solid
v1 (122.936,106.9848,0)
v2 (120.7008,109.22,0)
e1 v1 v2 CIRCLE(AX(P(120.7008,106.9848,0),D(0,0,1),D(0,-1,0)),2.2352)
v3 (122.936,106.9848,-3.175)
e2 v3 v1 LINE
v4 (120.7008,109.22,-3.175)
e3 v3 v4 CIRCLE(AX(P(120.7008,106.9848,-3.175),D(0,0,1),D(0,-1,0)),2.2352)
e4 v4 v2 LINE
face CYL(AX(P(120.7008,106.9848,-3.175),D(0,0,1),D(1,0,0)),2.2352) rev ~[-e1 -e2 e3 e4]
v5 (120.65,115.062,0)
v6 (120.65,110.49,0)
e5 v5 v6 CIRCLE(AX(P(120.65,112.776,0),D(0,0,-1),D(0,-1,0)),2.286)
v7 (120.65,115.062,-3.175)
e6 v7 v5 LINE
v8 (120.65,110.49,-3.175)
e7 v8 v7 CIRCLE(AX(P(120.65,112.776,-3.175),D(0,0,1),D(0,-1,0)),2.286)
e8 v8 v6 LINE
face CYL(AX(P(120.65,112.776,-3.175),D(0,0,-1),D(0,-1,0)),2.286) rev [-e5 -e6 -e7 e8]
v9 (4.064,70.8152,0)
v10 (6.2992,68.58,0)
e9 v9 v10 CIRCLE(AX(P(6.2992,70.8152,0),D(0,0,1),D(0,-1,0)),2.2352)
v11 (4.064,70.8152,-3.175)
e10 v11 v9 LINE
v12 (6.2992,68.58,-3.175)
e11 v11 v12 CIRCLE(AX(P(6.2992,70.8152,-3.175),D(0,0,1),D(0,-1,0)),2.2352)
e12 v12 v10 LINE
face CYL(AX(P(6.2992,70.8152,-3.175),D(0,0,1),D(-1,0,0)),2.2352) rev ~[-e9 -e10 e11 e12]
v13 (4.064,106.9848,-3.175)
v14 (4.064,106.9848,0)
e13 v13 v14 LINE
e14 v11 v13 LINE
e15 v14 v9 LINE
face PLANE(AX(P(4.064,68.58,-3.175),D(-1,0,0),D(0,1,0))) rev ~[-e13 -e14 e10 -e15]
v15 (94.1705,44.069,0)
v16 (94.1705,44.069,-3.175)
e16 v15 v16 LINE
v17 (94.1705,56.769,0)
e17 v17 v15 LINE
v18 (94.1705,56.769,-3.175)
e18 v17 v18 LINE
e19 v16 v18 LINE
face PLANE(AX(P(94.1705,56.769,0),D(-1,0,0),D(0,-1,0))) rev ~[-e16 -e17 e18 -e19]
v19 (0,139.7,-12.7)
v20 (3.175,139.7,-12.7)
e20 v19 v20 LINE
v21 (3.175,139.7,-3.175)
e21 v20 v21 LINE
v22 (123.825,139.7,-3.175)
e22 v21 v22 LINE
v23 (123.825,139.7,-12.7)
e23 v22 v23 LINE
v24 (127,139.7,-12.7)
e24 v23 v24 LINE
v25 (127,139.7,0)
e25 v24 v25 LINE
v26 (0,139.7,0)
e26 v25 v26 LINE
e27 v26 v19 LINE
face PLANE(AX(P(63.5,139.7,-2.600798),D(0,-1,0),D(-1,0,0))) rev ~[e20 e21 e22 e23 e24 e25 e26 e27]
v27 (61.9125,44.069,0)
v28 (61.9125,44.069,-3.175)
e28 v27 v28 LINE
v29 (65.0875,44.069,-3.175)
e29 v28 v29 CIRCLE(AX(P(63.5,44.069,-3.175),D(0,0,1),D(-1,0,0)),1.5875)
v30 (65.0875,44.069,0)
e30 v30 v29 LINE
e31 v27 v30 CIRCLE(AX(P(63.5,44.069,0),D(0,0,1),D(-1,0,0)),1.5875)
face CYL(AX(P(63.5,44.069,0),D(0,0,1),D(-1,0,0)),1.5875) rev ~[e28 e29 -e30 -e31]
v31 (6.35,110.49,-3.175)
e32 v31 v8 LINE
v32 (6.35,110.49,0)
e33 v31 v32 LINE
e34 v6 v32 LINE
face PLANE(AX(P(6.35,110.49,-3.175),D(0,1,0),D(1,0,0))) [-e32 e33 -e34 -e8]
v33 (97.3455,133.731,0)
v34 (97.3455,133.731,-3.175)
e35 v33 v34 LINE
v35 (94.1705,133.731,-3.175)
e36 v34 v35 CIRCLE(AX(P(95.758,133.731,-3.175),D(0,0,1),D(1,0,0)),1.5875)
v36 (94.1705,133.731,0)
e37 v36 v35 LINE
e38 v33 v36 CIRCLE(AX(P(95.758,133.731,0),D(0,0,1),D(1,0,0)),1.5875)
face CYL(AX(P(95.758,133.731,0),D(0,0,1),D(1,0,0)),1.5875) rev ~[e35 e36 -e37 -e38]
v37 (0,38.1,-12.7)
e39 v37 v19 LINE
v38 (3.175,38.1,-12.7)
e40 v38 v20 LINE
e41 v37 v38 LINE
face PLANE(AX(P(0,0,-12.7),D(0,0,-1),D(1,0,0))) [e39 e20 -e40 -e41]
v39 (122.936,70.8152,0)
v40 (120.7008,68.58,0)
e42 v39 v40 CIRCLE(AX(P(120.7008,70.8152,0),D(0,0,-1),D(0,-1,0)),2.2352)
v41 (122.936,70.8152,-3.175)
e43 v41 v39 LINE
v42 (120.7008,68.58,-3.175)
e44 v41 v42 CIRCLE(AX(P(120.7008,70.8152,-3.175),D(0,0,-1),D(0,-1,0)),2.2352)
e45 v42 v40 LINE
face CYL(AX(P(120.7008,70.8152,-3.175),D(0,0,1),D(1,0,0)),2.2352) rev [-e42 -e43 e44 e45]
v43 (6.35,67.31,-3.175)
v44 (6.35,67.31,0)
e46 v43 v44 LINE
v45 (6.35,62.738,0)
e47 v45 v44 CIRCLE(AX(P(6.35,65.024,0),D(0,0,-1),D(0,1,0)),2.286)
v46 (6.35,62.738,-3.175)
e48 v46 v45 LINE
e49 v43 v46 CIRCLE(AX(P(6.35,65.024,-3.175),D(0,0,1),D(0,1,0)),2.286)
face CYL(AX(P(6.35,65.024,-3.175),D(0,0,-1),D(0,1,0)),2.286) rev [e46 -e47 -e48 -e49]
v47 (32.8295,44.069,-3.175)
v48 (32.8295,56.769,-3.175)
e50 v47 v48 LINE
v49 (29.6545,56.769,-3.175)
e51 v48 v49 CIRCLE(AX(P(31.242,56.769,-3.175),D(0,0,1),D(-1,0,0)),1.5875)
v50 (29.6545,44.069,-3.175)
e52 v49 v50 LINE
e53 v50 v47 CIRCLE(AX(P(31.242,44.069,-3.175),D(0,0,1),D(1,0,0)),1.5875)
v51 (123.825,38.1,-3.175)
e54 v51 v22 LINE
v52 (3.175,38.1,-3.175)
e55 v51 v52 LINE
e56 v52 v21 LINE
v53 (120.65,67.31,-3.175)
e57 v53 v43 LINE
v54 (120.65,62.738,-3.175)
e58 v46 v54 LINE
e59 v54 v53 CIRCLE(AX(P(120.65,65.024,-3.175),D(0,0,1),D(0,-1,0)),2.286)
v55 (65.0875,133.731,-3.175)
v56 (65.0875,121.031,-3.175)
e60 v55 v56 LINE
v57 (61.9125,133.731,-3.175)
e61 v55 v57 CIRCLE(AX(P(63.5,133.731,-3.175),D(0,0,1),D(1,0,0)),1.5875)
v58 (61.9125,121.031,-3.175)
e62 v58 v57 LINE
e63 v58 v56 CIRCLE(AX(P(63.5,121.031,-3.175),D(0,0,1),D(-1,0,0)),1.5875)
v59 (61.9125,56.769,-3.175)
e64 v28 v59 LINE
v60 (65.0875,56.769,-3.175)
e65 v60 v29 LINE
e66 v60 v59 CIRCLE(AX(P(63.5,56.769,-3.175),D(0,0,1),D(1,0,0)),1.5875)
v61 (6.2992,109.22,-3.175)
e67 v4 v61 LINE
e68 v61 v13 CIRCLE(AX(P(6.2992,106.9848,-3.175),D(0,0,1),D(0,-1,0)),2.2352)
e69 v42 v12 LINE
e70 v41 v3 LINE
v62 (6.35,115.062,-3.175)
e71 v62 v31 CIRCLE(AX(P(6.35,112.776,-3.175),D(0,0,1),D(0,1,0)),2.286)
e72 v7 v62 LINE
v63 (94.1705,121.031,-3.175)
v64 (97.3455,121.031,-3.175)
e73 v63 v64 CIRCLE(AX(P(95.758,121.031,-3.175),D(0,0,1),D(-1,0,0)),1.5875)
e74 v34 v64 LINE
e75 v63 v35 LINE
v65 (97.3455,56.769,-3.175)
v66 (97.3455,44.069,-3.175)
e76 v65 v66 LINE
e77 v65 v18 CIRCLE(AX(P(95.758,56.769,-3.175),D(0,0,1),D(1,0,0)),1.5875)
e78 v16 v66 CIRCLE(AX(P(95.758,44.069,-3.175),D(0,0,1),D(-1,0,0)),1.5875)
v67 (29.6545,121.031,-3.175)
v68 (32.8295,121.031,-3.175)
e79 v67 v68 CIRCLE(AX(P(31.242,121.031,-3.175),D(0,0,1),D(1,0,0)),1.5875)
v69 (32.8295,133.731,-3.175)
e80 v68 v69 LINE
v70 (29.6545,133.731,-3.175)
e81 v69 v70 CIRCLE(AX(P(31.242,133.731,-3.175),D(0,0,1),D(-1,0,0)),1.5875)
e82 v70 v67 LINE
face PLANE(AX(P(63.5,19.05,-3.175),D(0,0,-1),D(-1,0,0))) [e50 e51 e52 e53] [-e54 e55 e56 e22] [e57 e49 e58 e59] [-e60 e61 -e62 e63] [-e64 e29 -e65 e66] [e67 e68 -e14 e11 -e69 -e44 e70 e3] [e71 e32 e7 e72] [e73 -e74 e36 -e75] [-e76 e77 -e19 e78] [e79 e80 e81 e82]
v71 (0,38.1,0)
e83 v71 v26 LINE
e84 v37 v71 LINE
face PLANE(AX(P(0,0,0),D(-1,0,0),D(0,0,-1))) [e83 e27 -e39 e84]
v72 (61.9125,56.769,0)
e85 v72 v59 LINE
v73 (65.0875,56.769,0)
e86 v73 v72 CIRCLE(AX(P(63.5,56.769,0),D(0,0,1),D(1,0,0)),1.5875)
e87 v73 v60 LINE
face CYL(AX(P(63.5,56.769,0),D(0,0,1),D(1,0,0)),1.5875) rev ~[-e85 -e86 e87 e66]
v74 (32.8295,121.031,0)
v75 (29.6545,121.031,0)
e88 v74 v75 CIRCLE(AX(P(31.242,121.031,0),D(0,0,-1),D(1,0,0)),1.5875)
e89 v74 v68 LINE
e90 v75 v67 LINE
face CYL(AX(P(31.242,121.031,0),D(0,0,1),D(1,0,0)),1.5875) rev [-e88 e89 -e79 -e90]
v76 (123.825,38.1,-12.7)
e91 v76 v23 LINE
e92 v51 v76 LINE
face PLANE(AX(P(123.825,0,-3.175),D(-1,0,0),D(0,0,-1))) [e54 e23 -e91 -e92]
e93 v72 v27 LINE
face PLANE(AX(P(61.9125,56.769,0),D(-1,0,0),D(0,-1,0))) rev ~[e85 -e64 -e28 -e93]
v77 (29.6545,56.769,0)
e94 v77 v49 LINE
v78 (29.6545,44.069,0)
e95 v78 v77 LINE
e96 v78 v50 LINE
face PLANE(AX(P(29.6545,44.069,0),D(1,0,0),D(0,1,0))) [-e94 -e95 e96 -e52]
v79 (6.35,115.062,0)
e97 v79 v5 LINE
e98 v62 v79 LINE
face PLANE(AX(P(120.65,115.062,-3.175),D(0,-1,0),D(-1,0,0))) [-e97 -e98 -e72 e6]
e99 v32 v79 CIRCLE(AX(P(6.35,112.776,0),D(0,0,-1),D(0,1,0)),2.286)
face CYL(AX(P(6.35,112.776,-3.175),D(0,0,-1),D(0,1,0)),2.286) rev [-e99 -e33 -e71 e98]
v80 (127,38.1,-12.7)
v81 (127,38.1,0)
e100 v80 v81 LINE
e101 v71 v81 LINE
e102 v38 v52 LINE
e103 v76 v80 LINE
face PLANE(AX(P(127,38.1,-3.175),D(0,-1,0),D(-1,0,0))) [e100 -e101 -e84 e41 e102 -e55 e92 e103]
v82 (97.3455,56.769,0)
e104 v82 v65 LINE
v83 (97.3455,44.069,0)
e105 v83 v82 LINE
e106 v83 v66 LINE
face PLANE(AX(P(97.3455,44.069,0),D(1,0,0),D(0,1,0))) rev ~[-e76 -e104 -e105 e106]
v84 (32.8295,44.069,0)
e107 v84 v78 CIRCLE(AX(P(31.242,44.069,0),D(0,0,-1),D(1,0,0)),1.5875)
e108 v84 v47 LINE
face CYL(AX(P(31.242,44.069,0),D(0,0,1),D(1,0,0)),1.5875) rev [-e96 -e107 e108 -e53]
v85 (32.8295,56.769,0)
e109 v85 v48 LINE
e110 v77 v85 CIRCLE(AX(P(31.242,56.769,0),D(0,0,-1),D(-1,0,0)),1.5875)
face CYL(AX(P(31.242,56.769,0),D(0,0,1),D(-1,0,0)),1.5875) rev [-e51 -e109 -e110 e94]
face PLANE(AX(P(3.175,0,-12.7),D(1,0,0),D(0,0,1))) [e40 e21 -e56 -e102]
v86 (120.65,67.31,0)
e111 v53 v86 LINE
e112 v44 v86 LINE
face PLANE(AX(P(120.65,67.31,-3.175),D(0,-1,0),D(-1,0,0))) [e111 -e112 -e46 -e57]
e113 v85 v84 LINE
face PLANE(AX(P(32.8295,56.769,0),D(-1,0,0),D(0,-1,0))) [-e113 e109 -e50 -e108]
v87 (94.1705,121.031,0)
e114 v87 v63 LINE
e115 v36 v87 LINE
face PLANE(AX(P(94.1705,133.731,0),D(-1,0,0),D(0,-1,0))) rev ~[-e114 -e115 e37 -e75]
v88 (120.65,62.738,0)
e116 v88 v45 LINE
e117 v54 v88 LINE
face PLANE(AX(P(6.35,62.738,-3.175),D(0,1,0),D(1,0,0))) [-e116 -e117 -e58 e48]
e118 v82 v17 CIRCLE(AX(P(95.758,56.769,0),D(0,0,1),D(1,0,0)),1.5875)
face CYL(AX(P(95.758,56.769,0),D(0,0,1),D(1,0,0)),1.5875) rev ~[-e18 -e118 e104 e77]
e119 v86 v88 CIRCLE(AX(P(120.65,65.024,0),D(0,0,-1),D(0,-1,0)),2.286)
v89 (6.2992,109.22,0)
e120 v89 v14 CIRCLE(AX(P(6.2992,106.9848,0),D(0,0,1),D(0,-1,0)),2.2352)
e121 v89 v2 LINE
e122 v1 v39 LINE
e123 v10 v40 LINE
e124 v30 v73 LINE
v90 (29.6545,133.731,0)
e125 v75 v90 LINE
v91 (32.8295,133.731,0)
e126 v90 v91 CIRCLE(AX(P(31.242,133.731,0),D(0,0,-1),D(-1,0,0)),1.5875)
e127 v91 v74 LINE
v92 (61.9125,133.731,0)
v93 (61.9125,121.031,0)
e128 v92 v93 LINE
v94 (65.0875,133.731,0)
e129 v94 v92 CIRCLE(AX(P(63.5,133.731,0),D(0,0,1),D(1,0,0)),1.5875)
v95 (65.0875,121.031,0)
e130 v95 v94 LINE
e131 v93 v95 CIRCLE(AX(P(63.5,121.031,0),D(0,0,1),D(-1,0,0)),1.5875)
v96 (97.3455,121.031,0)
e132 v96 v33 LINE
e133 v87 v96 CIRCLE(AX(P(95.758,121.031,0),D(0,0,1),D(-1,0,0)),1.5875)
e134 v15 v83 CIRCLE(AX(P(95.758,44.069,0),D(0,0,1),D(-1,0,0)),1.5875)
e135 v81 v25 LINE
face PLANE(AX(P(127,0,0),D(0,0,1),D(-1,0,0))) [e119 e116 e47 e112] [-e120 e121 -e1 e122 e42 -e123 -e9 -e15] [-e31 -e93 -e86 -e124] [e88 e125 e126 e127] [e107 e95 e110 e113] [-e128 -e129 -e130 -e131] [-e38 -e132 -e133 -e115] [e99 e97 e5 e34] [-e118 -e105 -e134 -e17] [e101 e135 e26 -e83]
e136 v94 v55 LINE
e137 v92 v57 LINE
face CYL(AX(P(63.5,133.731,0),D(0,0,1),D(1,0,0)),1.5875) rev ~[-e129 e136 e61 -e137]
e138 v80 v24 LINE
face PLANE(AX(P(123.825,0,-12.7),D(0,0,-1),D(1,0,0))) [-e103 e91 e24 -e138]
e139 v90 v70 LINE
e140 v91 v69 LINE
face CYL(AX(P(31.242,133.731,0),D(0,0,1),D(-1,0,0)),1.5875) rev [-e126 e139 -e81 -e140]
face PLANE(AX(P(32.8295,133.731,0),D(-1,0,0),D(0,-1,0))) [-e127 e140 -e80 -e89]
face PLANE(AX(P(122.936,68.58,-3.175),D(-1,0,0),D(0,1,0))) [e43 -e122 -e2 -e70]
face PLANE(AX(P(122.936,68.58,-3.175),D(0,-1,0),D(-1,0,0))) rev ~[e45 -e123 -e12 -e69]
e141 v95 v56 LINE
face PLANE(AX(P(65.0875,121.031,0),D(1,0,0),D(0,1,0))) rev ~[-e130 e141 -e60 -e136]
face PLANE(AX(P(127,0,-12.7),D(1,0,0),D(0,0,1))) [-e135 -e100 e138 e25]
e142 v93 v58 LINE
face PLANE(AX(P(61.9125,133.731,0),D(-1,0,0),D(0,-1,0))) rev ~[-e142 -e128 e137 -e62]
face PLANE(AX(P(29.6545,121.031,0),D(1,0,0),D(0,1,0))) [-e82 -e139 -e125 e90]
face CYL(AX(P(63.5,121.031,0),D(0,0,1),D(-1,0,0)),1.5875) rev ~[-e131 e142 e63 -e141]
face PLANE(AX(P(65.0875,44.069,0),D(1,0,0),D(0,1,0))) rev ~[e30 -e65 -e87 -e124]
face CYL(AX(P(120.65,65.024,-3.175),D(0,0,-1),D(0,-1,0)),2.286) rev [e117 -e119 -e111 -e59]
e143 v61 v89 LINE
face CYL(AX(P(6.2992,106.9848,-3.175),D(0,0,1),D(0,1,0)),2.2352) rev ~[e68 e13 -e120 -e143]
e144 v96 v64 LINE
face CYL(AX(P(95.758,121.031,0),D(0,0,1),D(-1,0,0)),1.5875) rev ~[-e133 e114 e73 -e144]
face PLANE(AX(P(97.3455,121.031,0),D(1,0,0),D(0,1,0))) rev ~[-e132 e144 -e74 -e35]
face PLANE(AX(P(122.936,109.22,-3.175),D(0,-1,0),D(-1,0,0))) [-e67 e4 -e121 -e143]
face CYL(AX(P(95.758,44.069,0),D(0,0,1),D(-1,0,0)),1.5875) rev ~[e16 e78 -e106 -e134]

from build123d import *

# Parameters (mm, degrees)
BOSS_EXTRUDE1_DEPTH     = 139.7
SKETCH3_W               = 118.872
SKETCH3_H               = 40.64
SKETCH3_W_2             = 127
SKETCH3_H_2             = 38.1
CUT_EXTRUDE1_DEPTH      = 10.525
CUT_EXTRUDE1_DEPTH_BACK = 4.175
FILLET1_R               = 2.2352
CUT_EXTRUDE2_DEPTH      = 13.7


with BuildPart() as part:
    # Sketch2 → Boss-Extrude1 (new body)
    with BuildSketch(Plane(origin=(0, 0, 0), x_dir=(1, 0, 0), z_dir=(0, 1, 0))):
        Polygon((0, 0), (0, 12.7), (3.175, 12.7), (3.175, 3.175), (123.825, 3.175), (123.825, 12.7), (127, 12.7), (127, 0), align=None)
    extrude(amount=BOSS_EXTRUDE1_DEPTH)

    # Sketch3 → Cut-Extrude1 (cut, two sides)
    with BuildSketch(Plane(origin=(0, 0, -3.175), x_dir=(-1, 0, 0), z_dir=(0, 0, -1))) as cut_extrude1_sk:
        with BuildLine():
            Line((-6.35, 110.49), (-120.65, 110.49))
            ThreePointArc((-120.65, 110.49), (-122.936, 112.776), (-120.65, 115.062))
            Line((-120.65, 115.062), (-6.35, 115.062))
            ThreePointArc((-6.35, 115.062), (-4.064, 112.776), (-6.35, 110.49))
        make_face()
        with BuildLine():
            Line((-6.35, 62.738), (-120.65, 62.738))
            ThreePointArc((-120.65, 62.738), (-122.936, 65.024), (-120.65, 67.31))
            Line((-120.65, 67.31), (-6.35, 67.31))
            ThreePointArc((-6.35, 67.31), (-4.064, 65.024), (-6.35, 62.738))
        make_face()
        with Locations((-63.5, 88.9)):
            Rectangle(SKETCH3_W, SKETCH3_H)
        with Locations((-63.5, 19.05)):
            Rectangle(SKETCH3_W_2, SKETCH3_H_2)
    extrude(amount=CUT_EXTRUDE1_DEPTH, mode=Mode.SUBTRACT)
    extrude(cut_extrude1_sk.sketch, amount=-CUT_EXTRUDE1_DEPTH_BACK, mode=Mode.SUBTRACT)

    # Fillet1
    fillet1_edges = [part.edges().sort_by_distance(p)[0] for p in [
        (4.064, 68.58, -1.5875),
        (122.936, 68.58, -1.5875),
        (122.936, 109.22, -1.5875),
        (4.064, 109.22, -1.5875),
    ]]
    fillet(fillet1_edges, radius=FILLET1_R)

    # Sketch4 → Cut-Extrude2 (cut, through all)
    with BuildSketch(Plane.XY):
        with BuildLine():
            Line((32.8295, 133.731), (32.8295, 121.031))
            ThreePointArc((32.8295, 121.031), (31.242, 119.4435), (29.6545, 121.031))
            Line((29.6545, 121.031), (29.6545, 133.731))
            ThreePointArc((29.6545, 133.731), (31.242, 135.3185), (32.8295, 133.731))
        make_face()
        with BuildLine():
            Line((32.8295, 56.769), (32.8295, 44.069))
            ThreePointArc((32.8295, 44.069), (31.242, 42.4815), (29.6545, 44.069))
            Line((29.6545, 44.069), (29.6545, 56.769))
            ThreePointArc((29.6545, 56.769), (31.242, 58.3565), (32.8295, 56.769))
        make_face()
        with BuildLine():
            Line((61.9125, 133.731), (61.9125, 121.031))
            ThreePointArc((61.9125, 121.031), (63.5, 119.4435), (65.0875, 121.031))
            Line((65.0875, 121.031), (65.0875, 133.731))
            ThreePointArc((65.0875, 133.731), (63.5, 135.3185), (61.9125, 133.731))
        make_face()
        with BuildLine():
            Line((61.9125, 56.769), (61.9125, 44.069))
            ThreePointArc((61.9125, 44.069), (63.5, 42.4815), (65.0875, 44.069))
            Line((65.0875, 44.069), (65.0875, 56.769))
            ThreePointArc((65.0875, 56.769), (63.5, 58.3565), (61.9125, 56.769))
        make_face()
        with BuildLine():
            Line((94.1705, 133.731), (94.1705, 121.031))
            ThreePointArc((94.1705, 121.031), (95.758, 119.4435), (97.3455, 121.031))
            Line((97.3455, 121.031), (97.3455, 133.731))
            ThreePointArc((97.3455, 133.731), (95.758, 135.3185), (94.1705, 133.731))
        make_face()
        with BuildLine():
            Line((94.1705, 56.769), (94.1705, 44.069))
            ThreePointArc((94.1705, 44.069), (95.758, 42.4815), (97.3455, 44.069))
            Line((97.3455, 44.069), (97.3455, 56.769))
            ThreePointArc((97.3455, 56.769), (95.758, 58.3565), (94.1705, 56.769))
        make_face()
    extrude(amount=-CUT_EXTRUDE2_DEPTH, mode=Mode.SUBTRACT)


solid = part.part
